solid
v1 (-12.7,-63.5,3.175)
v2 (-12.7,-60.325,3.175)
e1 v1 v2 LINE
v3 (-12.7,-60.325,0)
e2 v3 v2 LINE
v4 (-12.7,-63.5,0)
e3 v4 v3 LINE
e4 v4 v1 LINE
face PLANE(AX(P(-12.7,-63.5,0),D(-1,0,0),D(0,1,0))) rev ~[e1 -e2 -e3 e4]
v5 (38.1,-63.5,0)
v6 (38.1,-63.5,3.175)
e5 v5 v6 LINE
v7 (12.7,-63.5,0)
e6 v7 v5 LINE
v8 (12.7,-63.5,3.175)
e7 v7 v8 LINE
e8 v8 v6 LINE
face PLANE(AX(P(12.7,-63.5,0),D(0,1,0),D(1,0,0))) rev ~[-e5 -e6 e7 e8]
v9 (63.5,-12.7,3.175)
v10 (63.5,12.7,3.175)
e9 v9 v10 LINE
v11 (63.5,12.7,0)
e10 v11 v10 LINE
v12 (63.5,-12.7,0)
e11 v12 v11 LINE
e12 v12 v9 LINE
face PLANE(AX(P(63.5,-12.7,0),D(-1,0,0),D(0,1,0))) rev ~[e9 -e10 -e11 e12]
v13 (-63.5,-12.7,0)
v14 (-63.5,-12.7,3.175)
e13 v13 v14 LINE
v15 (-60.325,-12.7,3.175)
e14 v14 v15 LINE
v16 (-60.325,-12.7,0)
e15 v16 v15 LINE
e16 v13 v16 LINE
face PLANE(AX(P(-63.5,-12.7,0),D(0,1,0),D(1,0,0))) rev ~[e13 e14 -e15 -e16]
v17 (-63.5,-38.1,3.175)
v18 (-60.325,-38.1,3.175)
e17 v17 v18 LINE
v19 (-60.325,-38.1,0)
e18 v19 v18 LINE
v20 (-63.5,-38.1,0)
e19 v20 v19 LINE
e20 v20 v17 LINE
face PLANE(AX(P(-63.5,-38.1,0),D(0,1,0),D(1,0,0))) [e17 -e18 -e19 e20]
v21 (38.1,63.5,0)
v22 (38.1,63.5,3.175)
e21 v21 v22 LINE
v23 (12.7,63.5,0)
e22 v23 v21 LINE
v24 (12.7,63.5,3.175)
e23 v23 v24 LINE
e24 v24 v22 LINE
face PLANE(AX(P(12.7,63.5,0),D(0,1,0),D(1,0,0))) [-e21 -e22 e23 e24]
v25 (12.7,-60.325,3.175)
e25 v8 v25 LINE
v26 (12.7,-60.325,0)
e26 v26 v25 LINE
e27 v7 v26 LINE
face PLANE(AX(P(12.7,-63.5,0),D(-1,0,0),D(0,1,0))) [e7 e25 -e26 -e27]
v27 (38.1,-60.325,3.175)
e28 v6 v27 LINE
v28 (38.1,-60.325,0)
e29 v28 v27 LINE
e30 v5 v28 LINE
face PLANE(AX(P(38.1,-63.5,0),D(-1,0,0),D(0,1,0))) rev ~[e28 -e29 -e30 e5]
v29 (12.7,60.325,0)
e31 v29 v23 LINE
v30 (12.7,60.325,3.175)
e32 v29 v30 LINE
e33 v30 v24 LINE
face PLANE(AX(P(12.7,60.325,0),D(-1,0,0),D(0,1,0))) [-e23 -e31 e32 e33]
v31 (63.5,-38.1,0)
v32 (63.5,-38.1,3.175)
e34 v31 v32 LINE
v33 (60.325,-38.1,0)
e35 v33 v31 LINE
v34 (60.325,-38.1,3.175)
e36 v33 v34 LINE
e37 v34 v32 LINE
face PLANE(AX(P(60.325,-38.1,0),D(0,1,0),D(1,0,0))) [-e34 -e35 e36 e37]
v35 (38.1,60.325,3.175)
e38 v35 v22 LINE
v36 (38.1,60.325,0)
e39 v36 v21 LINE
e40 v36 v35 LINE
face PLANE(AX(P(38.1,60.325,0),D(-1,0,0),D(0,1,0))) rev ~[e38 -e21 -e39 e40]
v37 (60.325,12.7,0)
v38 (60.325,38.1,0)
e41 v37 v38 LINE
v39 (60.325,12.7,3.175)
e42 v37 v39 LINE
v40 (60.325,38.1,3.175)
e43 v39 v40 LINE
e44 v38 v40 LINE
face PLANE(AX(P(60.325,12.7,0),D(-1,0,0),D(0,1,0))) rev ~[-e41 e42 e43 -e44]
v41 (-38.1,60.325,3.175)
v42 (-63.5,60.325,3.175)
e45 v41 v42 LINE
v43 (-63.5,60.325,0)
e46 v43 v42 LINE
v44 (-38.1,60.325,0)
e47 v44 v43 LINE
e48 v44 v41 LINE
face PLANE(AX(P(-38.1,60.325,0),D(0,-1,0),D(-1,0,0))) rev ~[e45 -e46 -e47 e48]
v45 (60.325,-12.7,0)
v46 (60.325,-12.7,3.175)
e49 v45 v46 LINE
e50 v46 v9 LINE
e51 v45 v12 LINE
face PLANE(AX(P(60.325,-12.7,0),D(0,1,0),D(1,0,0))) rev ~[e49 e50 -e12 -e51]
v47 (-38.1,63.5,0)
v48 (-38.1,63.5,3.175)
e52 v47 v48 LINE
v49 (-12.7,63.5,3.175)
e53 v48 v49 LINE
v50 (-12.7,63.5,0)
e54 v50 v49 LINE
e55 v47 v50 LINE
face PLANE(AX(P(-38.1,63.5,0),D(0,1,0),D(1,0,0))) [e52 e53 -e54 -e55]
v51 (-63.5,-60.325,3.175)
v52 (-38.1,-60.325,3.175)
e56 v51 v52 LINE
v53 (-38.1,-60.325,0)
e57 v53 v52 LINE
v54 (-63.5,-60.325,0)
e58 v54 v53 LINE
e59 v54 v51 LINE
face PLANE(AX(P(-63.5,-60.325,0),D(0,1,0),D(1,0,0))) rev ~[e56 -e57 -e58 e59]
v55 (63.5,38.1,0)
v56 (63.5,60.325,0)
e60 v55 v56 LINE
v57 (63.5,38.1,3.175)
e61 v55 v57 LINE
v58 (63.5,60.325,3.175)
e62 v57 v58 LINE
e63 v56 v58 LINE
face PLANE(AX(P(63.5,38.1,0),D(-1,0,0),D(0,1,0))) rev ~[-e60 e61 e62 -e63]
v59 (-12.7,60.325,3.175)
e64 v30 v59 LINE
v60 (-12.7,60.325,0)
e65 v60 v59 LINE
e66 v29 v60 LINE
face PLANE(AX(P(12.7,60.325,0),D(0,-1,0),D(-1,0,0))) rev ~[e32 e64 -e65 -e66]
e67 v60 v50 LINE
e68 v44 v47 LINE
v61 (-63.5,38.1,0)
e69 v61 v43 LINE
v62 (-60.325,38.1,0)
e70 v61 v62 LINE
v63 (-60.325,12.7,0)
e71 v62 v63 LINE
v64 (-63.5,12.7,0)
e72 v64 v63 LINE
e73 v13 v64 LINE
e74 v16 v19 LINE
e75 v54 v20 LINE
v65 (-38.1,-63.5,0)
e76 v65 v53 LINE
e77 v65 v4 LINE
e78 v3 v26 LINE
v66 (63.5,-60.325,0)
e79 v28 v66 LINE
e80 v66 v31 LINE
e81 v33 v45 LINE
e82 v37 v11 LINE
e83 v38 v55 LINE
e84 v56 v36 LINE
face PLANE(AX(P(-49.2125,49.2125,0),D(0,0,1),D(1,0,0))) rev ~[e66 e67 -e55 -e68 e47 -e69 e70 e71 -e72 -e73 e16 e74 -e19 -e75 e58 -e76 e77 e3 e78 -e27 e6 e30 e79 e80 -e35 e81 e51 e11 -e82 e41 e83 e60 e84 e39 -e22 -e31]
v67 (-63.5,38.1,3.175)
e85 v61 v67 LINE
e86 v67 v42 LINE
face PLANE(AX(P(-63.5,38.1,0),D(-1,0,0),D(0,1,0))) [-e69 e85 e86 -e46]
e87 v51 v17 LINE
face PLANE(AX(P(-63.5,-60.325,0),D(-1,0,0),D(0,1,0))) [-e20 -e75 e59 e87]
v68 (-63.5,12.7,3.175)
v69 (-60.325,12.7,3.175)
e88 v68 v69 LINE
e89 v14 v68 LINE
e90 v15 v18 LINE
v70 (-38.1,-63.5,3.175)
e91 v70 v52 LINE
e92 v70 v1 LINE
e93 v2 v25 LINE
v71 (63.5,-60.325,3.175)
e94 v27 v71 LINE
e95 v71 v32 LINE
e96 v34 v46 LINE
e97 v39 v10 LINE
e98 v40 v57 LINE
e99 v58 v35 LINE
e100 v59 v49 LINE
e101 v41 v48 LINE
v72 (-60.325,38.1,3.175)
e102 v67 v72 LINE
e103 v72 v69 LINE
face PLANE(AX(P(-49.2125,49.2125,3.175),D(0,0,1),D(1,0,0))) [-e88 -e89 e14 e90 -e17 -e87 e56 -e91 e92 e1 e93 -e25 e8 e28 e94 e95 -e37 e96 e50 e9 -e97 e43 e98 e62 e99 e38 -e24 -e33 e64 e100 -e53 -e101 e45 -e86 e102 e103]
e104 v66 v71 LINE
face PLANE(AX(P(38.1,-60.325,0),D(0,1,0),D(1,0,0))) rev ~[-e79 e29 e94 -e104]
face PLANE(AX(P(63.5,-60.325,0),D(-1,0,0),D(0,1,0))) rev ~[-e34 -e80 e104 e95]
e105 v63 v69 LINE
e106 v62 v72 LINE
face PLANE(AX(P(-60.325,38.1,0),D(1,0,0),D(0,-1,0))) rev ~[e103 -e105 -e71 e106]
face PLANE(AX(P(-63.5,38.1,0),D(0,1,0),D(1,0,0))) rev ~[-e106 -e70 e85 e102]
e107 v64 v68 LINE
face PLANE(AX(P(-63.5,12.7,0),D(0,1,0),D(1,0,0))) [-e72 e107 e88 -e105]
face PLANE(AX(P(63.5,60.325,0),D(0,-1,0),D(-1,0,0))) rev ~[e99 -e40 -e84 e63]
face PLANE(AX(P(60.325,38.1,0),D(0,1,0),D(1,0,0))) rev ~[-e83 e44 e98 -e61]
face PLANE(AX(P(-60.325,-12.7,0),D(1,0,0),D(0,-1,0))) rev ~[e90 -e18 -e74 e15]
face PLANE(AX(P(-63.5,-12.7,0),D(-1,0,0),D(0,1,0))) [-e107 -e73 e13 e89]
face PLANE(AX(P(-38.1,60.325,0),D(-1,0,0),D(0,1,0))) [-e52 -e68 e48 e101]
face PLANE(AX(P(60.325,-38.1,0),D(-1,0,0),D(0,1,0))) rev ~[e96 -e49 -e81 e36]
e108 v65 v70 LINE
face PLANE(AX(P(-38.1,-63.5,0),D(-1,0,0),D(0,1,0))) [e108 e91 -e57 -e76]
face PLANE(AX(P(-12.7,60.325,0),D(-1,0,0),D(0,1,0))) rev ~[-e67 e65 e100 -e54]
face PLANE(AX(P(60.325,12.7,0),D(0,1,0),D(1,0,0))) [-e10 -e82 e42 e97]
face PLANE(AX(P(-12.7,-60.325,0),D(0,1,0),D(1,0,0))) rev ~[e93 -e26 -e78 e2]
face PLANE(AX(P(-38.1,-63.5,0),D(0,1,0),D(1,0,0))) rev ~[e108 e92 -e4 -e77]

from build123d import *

# Parameters (mm, degrees)
F0_W     = 22.225
F0_H     = 22.225
F0_W_2   = 25.4
F0_H_2   = 25.4
F0_W_3   = 3.175
F0_H_3   = 3.175
F1_DEPTH = 3.175


with BuildPart() as f1:
    # F0 (on Top) → F1 (new body)
    with BuildSketch(Plane.XY):
        with Locations((-49.2125, 49.2125)):
            Rectangle(F0_W, F0_H)
        with Locations((-25.4, 49.2125)):
            Rectangle(F0_W_2, F0_H)
        with Locations((25.4, 49.2125)):
            Rectangle(F0_W_2, F0_H)
        with Locations((49.2125, 49.2125)):
            Rectangle(F0_W, F0_H)
        with Locations((49.2125, 25.4)):
            Rectangle(F0_W, F0_H_2)
        with Locations((25.4, 25.4)):
            Rectangle(F0_W_2, F0_H_2)
        with Locations((0, 25.4)):
            Rectangle(F0_W_2, F0_H_2)
        with Locations((-25.4, 25.4)):
            Rectangle(F0_W_2, F0_H_2)
        with Locations((-49.2125, 25.4)):
            Rectangle(F0_W, F0_H_2)
        with Locations((-49.2125, 0)):
            Rectangle(F0_W, F0_H_2)
        with Locations((-25.4, 0)):
            Rectangle(F0_W_2, F0_H_2)
        Rectangle(F0_W_2, F0_H_2)
        with Locations((25.4, 0)):
            Rectangle(F0_W_2, F0_H_2)
        with Locations((49.2125, 0)):
            Rectangle(F0_W, F0_H_2)
        with Locations((49.2125, -25.4)):
            Rectangle(F0_W, F0_H_2)
        with Locations((25.4, -25.4)):
            Rectangle(F0_W_2, F0_H_2)
        with Locations((0, -25.4)):
            Rectangle(F0_W_2, F0_H_2)
        with Locations((-25.4, -25.4)):
            Rectangle(F0_W_2, F0_H_2)
        with Locations((-49.2125, -25.4)):
            Rectangle(F0_W, F0_H_2)
        with Locations((-49.2125, -49.2125)):
            Rectangle(F0_W, F0_H)
        with Locations((-25.4, -49.2125)):
            Rectangle(F0_W_2, F0_H)
        with Locations((25.4, -49.2125)):
            Rectangle(F0_W_2, F0_H)
        with Locations((49.2125, -49.2125)):
            Rectangle(F0_W, F0_H)
        with Locations((0, 49.2125)):
            Rectangle(F0_W_2, F0_H)
        with Locations((0, -49.2125)):
            Rectangle(F0_W_2, F0_H)
        with Locations((-61.9125, -49.2125)):
            Rectangle(F0_W_3, F0_H)
        with Locations((-61.9125, 0)):
            Rectangle(F0_W_3, F0_H_2)
        with Locations((-61.9125, 49.2125)):
            Rectangle(F0_W_3, F0_H)
        with Locations((61.9125, 49.2125)):
            Rectangle(F0_W_3, F0_H)
        with Locations((61.9125, 0)):
            Rectangle(F0_W_3, F0_H_2)
        with Locations((61.9125, -49.2125)):
            Rectangle(F0_W_3, F0_H)
        with Locations((-25.4, -61.9125)):
            Rectangle(F0_W_2, F0_H_3)
        with Locations((25.4, -61.9125)):
            Rectangle(F0_W_2, F0_H_3)
        with Locations((-25.4, 61.9125)):
            Rectangle(F0_W_2, F0_H_3)
        with Locations((25.4, 61.9125)):
            Rectangle(F0_W_2, F0_H_3)
    extrude(amount=F1_DEPTH)


solid = f1.part
